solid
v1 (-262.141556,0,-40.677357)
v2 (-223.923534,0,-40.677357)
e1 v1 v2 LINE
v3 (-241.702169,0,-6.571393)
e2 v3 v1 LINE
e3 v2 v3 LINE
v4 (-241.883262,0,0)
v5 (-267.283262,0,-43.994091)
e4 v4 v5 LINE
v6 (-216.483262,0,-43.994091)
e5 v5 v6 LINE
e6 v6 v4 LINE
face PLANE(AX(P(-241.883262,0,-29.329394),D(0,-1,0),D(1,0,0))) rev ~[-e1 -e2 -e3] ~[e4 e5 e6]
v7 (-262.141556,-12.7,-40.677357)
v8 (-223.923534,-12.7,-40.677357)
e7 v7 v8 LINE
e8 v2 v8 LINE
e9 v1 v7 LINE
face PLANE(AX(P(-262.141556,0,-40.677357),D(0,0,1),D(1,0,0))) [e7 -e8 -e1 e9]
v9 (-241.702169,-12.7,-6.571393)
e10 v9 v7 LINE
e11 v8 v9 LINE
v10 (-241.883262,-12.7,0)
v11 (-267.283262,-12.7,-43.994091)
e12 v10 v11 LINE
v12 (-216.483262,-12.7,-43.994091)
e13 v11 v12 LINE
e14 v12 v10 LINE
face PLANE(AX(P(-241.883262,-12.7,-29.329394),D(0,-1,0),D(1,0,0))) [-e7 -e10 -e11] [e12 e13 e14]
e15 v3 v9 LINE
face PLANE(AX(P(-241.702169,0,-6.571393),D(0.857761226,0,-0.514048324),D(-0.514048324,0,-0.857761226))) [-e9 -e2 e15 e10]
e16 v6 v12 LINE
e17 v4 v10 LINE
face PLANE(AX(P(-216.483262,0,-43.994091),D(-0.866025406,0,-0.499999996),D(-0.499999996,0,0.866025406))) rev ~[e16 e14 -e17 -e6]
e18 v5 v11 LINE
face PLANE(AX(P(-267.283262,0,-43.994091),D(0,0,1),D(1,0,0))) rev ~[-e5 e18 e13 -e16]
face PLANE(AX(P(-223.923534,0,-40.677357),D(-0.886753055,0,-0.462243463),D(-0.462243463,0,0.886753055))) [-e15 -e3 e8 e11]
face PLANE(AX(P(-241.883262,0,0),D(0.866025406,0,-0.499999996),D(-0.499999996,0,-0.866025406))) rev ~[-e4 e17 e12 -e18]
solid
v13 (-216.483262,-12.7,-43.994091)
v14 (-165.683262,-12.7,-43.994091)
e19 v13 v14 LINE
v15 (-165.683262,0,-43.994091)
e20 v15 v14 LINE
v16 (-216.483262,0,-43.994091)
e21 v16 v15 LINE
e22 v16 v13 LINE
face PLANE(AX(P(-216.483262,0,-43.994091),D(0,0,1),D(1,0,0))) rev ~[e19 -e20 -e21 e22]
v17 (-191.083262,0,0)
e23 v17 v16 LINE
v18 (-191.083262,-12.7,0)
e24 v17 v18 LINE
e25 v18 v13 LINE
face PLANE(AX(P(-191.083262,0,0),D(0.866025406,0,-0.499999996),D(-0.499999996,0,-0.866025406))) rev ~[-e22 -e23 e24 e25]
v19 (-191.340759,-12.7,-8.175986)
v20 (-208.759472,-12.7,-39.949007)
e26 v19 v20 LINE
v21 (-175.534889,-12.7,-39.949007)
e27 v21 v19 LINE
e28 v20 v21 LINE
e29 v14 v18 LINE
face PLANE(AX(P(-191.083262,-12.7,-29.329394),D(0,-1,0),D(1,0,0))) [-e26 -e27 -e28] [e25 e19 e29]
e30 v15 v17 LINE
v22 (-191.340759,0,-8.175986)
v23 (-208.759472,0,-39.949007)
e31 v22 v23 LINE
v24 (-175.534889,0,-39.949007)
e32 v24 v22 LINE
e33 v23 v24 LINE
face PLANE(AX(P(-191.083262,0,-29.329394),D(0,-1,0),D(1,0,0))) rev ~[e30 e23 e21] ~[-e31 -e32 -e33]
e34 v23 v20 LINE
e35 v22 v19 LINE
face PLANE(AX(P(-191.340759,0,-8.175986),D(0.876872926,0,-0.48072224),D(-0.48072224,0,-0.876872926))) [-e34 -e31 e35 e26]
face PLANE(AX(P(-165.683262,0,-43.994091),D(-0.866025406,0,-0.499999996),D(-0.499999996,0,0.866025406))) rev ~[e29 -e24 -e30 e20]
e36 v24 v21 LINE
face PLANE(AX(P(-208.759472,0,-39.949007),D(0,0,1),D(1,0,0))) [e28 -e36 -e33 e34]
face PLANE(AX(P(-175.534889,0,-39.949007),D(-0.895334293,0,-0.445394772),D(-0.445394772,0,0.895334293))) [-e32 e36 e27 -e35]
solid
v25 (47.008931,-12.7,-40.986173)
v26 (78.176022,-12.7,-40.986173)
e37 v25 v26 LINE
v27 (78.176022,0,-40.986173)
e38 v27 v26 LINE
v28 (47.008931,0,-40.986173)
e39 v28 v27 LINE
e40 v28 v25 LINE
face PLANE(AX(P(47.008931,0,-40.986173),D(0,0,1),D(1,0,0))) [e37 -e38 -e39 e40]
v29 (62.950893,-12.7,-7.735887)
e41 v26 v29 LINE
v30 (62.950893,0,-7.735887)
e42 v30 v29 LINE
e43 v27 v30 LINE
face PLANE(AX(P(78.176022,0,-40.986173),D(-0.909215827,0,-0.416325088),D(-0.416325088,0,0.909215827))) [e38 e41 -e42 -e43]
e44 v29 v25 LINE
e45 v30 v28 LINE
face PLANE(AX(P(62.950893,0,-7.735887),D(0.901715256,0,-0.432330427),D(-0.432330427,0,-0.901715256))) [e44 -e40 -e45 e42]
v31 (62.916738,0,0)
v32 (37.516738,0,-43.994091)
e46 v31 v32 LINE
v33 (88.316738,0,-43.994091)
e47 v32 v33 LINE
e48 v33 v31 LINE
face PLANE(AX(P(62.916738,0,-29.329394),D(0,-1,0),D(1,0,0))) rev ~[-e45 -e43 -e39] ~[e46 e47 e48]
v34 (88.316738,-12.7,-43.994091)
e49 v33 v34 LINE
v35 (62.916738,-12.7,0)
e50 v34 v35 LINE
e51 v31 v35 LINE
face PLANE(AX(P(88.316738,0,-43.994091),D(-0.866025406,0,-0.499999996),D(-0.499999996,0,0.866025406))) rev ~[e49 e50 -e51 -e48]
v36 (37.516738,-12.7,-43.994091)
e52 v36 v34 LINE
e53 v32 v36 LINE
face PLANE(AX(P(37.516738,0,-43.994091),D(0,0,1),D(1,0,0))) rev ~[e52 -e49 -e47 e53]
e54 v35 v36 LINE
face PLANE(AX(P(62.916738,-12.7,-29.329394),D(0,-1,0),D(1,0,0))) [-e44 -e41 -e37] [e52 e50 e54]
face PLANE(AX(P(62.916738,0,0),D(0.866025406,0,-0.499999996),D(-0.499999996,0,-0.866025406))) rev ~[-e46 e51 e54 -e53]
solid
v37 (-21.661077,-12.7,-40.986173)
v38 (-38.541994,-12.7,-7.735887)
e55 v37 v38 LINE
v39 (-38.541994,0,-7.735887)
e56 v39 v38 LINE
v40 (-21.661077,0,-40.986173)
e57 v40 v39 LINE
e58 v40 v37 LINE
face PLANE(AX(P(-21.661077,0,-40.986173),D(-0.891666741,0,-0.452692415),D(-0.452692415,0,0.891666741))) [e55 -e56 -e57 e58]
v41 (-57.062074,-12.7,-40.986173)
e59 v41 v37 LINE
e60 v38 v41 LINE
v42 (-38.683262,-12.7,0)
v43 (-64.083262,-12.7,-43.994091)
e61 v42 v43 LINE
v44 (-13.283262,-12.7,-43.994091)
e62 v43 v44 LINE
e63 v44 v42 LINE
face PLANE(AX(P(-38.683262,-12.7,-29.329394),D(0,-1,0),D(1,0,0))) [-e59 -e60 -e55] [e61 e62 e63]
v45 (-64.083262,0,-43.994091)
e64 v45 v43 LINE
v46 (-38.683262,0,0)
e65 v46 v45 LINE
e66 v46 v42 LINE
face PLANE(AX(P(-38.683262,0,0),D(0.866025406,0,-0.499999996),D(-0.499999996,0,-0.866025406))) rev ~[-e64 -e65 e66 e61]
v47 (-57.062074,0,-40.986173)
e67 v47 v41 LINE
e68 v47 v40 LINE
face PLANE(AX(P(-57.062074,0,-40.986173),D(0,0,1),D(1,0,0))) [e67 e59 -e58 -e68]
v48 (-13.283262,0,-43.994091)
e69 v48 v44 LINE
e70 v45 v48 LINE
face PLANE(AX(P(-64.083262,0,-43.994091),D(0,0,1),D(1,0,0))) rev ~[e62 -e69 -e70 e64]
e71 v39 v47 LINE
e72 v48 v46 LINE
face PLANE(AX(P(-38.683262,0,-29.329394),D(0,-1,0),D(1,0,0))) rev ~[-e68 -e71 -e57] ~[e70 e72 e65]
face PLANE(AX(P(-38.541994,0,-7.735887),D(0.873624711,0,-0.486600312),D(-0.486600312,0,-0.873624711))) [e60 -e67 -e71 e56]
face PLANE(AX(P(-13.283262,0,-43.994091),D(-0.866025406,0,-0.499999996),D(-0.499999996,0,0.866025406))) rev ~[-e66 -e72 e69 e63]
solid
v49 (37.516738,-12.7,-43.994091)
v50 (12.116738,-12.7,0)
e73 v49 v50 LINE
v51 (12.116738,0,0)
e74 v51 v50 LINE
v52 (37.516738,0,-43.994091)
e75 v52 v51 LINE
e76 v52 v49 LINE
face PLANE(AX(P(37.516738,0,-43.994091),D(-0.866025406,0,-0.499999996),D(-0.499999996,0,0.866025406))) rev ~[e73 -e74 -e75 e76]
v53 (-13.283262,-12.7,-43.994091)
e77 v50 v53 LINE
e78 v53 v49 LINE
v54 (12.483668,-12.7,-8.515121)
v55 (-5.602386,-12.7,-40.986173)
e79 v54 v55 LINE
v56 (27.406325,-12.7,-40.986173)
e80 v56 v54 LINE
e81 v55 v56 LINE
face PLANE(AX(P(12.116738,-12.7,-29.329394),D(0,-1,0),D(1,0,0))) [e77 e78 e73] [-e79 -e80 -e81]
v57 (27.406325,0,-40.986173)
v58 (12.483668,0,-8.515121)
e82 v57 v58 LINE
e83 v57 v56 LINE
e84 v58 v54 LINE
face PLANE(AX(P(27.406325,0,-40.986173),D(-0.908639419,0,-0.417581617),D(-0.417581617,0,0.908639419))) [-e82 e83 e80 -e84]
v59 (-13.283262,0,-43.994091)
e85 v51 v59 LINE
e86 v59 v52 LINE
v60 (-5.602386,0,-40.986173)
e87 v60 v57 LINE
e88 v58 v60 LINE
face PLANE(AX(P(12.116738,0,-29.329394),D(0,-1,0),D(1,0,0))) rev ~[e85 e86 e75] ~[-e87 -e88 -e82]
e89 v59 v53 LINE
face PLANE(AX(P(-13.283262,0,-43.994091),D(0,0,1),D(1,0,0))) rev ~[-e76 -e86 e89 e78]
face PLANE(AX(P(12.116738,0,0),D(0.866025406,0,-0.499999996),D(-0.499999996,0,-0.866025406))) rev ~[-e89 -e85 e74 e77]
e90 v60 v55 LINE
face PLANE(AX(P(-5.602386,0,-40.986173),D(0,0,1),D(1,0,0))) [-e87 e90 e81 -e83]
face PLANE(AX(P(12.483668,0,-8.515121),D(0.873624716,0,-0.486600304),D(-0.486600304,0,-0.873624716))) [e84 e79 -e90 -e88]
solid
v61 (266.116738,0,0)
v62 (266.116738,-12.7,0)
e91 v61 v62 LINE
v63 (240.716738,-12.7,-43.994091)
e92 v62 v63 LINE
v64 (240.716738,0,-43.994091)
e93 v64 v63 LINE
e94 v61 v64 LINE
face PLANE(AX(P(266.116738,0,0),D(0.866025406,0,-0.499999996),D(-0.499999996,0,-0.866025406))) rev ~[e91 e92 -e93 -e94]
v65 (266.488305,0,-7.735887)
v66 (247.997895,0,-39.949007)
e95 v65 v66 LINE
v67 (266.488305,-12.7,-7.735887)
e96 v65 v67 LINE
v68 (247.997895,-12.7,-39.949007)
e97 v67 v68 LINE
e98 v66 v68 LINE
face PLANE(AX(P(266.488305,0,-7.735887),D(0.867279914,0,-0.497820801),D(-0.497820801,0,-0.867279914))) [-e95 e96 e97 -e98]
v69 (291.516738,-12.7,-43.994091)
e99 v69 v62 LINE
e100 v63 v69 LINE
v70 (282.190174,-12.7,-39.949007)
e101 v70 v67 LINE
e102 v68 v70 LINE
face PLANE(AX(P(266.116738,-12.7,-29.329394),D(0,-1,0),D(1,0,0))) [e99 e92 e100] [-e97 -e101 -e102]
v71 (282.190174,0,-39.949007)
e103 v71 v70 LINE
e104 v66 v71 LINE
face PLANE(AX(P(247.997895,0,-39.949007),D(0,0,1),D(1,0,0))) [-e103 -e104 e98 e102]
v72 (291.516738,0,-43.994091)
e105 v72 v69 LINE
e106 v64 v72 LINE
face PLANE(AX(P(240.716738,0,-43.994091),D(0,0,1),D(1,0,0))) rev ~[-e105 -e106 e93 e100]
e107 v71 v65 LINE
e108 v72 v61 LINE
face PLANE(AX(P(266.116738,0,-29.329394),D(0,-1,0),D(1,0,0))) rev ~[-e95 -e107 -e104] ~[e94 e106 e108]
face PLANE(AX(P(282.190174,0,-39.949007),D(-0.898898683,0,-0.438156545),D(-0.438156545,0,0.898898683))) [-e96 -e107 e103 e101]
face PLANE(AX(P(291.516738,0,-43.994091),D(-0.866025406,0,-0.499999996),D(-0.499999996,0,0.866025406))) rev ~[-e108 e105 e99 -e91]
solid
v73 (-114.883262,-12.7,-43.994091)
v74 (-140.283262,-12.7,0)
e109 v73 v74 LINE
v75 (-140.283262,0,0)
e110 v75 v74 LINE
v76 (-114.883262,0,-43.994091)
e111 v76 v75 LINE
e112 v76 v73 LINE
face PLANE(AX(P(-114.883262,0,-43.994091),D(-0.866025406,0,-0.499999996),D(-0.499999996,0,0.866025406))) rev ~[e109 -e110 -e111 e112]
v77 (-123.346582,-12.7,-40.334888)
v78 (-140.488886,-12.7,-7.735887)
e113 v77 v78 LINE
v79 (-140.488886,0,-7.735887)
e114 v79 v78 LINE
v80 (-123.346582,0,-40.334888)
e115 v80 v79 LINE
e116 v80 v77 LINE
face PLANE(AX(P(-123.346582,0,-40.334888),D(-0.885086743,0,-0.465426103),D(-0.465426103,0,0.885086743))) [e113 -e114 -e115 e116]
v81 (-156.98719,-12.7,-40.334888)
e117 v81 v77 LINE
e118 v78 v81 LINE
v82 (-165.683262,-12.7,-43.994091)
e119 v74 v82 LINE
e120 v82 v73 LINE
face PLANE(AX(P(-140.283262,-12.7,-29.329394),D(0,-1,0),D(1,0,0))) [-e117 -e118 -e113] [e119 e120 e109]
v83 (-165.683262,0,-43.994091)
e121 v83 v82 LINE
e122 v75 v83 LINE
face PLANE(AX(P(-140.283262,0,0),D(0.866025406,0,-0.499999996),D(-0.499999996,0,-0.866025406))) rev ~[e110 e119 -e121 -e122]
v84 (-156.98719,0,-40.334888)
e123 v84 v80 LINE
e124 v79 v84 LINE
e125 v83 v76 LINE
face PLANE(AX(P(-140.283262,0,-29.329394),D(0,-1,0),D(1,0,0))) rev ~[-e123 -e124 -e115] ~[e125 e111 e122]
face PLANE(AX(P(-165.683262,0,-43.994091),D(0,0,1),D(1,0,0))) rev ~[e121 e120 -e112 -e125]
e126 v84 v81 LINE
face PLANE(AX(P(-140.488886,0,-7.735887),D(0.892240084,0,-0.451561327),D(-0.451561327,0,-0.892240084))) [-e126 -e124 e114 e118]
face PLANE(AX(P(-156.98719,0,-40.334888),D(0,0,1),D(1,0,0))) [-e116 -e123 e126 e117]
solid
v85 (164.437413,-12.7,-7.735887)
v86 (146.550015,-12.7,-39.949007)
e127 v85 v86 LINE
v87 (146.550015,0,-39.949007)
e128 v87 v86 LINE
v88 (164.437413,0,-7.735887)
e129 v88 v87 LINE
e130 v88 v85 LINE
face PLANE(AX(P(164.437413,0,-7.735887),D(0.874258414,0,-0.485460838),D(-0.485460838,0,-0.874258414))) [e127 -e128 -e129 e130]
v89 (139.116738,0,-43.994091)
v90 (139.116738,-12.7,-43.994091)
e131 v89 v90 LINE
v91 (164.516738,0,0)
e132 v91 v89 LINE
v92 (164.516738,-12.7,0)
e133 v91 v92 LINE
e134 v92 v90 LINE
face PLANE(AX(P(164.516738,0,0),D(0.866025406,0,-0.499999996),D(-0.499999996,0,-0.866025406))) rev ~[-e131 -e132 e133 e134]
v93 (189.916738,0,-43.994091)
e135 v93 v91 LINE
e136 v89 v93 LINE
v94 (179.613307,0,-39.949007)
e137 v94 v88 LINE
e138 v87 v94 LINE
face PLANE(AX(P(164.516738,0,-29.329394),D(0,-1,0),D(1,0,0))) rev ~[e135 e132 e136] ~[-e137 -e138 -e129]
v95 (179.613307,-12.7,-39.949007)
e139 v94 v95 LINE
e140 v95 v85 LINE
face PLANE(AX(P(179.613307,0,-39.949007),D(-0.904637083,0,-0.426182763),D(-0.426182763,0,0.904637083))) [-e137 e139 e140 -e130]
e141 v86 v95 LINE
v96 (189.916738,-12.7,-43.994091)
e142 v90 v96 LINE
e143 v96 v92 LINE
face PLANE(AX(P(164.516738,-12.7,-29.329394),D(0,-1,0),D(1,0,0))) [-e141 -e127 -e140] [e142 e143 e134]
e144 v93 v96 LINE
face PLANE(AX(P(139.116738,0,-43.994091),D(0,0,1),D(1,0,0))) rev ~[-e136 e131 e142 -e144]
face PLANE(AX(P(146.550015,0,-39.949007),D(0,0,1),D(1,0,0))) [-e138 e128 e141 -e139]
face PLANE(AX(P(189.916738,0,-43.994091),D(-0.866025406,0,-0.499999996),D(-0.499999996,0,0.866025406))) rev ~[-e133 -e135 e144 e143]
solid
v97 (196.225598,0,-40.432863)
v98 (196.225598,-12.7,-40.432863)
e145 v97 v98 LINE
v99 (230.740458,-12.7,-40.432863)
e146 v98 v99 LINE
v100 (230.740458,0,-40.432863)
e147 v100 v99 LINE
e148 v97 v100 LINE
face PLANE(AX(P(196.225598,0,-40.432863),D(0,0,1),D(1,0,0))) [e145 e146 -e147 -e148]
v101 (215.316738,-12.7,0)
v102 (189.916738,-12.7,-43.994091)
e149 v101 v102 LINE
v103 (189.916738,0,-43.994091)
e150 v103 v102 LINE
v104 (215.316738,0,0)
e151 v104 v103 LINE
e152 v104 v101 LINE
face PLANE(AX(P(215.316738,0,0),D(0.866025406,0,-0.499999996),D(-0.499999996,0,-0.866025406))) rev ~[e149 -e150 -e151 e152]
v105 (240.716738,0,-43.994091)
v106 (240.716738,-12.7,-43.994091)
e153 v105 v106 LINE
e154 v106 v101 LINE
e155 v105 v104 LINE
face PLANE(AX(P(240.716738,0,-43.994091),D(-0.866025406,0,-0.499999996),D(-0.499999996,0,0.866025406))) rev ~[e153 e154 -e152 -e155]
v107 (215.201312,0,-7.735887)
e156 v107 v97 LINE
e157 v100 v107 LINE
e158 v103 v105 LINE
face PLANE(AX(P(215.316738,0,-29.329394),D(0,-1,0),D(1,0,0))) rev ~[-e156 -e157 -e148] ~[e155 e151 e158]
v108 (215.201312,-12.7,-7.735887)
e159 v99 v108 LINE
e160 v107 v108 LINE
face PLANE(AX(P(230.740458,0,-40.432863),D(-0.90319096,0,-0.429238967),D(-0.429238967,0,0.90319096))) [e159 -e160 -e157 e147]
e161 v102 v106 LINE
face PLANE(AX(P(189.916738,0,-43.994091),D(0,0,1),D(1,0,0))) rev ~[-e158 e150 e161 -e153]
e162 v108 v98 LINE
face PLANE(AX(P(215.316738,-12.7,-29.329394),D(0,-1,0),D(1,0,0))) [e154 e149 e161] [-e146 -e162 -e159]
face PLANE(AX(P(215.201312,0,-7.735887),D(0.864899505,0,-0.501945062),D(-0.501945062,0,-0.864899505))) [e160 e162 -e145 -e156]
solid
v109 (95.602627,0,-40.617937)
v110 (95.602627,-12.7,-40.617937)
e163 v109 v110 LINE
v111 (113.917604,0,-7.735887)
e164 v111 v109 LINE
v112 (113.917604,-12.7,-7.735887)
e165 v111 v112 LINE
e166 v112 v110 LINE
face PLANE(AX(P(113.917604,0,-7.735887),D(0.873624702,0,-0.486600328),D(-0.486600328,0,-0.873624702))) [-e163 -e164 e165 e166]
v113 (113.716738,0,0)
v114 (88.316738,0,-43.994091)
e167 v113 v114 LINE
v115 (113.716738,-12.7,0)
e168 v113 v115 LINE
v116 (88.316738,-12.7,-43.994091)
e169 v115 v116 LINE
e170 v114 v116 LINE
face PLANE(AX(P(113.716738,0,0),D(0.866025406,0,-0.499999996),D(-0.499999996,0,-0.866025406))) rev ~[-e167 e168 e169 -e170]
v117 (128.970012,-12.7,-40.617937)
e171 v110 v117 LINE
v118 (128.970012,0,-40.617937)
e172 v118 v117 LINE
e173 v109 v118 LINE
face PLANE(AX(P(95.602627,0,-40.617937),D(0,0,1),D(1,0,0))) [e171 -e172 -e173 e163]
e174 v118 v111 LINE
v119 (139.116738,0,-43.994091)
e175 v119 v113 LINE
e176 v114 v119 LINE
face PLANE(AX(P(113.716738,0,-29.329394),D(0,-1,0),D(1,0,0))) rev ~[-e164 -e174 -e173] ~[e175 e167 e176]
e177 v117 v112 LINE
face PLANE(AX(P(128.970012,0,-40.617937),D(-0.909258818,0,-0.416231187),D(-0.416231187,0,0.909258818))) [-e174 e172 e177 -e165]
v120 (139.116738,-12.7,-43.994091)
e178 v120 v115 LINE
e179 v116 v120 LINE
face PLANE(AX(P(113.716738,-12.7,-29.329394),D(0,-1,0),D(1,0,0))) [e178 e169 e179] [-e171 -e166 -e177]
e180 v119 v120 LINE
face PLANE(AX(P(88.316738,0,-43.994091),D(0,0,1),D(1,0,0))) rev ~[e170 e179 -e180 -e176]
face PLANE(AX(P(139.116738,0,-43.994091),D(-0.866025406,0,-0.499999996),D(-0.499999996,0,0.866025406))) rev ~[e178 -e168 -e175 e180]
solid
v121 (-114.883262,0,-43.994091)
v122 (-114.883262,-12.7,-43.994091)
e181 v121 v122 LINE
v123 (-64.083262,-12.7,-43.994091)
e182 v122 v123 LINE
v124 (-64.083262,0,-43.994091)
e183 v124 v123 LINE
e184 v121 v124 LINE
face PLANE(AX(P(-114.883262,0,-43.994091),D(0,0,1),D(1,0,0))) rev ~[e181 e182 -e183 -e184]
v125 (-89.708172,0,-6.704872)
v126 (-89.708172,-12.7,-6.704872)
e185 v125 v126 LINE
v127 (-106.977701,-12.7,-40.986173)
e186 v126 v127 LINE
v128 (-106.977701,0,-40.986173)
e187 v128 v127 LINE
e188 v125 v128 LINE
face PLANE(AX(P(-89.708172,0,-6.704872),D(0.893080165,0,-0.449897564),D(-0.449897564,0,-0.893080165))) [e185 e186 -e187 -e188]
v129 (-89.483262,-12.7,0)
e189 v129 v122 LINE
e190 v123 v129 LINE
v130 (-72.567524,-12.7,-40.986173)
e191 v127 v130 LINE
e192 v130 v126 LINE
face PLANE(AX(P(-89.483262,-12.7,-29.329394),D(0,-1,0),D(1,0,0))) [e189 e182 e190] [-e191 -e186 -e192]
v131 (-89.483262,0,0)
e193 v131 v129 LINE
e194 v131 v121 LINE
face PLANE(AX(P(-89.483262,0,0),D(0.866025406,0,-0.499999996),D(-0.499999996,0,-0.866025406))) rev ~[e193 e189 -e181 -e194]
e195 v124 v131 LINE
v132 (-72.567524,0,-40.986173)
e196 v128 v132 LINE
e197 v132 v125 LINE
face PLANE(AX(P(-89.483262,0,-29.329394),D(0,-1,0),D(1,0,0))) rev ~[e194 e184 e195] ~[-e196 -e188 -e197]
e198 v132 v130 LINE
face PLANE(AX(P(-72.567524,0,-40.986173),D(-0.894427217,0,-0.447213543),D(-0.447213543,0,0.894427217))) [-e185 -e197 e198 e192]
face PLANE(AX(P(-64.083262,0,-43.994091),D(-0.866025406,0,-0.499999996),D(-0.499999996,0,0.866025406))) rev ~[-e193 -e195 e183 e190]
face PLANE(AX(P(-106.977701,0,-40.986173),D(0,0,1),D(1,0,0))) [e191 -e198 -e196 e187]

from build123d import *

# Parameters (mm, degrees)
F1_DEPTH = 12.7
F3_DEPTH = 12.7
F5_DEPTH = 12.7


with BuildPart() as f1:
    # F0 (on Front) → F1 (new body)
    with BuildSketch(Plane.XZ):
        Polygon((-241.883262, 0), (-267.283262, -43.994091), (-216.483262, -43.994091), align=None)
        Polygon((266.116738, 0), (240.716738, -43.994091), (291.516738, -43.994091), align=None)
        Polygon((215.316738, 0), (189.916738, -43.994091), (240.716738, -43.994091), align=None)
        Polygon((164.516738, 0), (139.116738, -43.994091), (189.916738, -43.994091), align=None)
        Polygon((113.716738, 0), (88.316738, -43.994091), (139.116738, -43.994091), align=None)
        Polygon((62.916738, 0), (37.516738, -43.994091), (88.316738, -43.994091), align=None)
        Polygon((12.116738, 0), (-13.283262, -43.994091), (37.516738, -43.994091), align=None)
        Polygon((-38.683262, 0), (-64.083262, -43.994091), (-13.283262, -43.994091), align=None)
        Polygon((-89.483262, 0), (-114.883262, -43.994091), (-64.083262, -43.994091), align=None)
        Polygon((-140.283262, 0), (-165.683262, -43.994091), (-114.883262, -43.994091), align=None)
        Polygon((-191.083262, 0), (-216.483262, -43.994091), (-165.683262, -43.994091), align=None)
    extrude(amount=F1_DEPTH)

    # F2 (on Front) → F3 (cut)
    with BuildSketch(Plane.XZ):
        Polygon((-223.923534, -40.677357), (-241.702169, -6.571393), (-262.141556, -40.677357), align=None)
    extrude(amount=F3_DEPTH, mode=Mode.SUBTRACT)

    # F4 (on Front) → F5 (cut)
    with BuildSketch(Plane.XZ):
        Polygon((-175.534889, -39.949007), (-191.340759, -8.175986), (-208.759472, -39.949007), align=None)
        Polygon((-123.346582, -40.334888), (-140.488886, -7.735887), (-156.98719, -40.334888), align=None)
        Polygon((-72.567524, -40.986173), (-89.708172, -6.704872), (-106.977701, -40.986173), align=None)
        Polygon((-21.661077, -40.986173), (-38.541994, -7.735887), (-57.062074, -40.986173), align=None)
        Polygon((27.406325, -40.986173), (12.483668, -8.515121), (-5.602386, -40.986173), align=None)
        Polygon((78.176022, -40.986173), (62.950893, -7.735887), (47.008931, -40.986173), align=None)
        Polygon((128.970012, -40.617937), (113.917604, -7.735887), (95.602627, -40.617937), align=None)
        Polygon((179.613307, -39.949007), (164.437413, -7.735887), (146.550015, -39.949007), align=None)
        Polygon((230.740458, -40.432863), (215.201312, -7.735887), (196.225598, -40.432863), align=None)
        Polygon((282.190174, -39.949007), (266.488305, -7.735887), (247.997895, -39.949007), align=None)
    extrude(amount=F5_DEPTH, mode=Mode.SUBTRACT)


solid = f1.part
